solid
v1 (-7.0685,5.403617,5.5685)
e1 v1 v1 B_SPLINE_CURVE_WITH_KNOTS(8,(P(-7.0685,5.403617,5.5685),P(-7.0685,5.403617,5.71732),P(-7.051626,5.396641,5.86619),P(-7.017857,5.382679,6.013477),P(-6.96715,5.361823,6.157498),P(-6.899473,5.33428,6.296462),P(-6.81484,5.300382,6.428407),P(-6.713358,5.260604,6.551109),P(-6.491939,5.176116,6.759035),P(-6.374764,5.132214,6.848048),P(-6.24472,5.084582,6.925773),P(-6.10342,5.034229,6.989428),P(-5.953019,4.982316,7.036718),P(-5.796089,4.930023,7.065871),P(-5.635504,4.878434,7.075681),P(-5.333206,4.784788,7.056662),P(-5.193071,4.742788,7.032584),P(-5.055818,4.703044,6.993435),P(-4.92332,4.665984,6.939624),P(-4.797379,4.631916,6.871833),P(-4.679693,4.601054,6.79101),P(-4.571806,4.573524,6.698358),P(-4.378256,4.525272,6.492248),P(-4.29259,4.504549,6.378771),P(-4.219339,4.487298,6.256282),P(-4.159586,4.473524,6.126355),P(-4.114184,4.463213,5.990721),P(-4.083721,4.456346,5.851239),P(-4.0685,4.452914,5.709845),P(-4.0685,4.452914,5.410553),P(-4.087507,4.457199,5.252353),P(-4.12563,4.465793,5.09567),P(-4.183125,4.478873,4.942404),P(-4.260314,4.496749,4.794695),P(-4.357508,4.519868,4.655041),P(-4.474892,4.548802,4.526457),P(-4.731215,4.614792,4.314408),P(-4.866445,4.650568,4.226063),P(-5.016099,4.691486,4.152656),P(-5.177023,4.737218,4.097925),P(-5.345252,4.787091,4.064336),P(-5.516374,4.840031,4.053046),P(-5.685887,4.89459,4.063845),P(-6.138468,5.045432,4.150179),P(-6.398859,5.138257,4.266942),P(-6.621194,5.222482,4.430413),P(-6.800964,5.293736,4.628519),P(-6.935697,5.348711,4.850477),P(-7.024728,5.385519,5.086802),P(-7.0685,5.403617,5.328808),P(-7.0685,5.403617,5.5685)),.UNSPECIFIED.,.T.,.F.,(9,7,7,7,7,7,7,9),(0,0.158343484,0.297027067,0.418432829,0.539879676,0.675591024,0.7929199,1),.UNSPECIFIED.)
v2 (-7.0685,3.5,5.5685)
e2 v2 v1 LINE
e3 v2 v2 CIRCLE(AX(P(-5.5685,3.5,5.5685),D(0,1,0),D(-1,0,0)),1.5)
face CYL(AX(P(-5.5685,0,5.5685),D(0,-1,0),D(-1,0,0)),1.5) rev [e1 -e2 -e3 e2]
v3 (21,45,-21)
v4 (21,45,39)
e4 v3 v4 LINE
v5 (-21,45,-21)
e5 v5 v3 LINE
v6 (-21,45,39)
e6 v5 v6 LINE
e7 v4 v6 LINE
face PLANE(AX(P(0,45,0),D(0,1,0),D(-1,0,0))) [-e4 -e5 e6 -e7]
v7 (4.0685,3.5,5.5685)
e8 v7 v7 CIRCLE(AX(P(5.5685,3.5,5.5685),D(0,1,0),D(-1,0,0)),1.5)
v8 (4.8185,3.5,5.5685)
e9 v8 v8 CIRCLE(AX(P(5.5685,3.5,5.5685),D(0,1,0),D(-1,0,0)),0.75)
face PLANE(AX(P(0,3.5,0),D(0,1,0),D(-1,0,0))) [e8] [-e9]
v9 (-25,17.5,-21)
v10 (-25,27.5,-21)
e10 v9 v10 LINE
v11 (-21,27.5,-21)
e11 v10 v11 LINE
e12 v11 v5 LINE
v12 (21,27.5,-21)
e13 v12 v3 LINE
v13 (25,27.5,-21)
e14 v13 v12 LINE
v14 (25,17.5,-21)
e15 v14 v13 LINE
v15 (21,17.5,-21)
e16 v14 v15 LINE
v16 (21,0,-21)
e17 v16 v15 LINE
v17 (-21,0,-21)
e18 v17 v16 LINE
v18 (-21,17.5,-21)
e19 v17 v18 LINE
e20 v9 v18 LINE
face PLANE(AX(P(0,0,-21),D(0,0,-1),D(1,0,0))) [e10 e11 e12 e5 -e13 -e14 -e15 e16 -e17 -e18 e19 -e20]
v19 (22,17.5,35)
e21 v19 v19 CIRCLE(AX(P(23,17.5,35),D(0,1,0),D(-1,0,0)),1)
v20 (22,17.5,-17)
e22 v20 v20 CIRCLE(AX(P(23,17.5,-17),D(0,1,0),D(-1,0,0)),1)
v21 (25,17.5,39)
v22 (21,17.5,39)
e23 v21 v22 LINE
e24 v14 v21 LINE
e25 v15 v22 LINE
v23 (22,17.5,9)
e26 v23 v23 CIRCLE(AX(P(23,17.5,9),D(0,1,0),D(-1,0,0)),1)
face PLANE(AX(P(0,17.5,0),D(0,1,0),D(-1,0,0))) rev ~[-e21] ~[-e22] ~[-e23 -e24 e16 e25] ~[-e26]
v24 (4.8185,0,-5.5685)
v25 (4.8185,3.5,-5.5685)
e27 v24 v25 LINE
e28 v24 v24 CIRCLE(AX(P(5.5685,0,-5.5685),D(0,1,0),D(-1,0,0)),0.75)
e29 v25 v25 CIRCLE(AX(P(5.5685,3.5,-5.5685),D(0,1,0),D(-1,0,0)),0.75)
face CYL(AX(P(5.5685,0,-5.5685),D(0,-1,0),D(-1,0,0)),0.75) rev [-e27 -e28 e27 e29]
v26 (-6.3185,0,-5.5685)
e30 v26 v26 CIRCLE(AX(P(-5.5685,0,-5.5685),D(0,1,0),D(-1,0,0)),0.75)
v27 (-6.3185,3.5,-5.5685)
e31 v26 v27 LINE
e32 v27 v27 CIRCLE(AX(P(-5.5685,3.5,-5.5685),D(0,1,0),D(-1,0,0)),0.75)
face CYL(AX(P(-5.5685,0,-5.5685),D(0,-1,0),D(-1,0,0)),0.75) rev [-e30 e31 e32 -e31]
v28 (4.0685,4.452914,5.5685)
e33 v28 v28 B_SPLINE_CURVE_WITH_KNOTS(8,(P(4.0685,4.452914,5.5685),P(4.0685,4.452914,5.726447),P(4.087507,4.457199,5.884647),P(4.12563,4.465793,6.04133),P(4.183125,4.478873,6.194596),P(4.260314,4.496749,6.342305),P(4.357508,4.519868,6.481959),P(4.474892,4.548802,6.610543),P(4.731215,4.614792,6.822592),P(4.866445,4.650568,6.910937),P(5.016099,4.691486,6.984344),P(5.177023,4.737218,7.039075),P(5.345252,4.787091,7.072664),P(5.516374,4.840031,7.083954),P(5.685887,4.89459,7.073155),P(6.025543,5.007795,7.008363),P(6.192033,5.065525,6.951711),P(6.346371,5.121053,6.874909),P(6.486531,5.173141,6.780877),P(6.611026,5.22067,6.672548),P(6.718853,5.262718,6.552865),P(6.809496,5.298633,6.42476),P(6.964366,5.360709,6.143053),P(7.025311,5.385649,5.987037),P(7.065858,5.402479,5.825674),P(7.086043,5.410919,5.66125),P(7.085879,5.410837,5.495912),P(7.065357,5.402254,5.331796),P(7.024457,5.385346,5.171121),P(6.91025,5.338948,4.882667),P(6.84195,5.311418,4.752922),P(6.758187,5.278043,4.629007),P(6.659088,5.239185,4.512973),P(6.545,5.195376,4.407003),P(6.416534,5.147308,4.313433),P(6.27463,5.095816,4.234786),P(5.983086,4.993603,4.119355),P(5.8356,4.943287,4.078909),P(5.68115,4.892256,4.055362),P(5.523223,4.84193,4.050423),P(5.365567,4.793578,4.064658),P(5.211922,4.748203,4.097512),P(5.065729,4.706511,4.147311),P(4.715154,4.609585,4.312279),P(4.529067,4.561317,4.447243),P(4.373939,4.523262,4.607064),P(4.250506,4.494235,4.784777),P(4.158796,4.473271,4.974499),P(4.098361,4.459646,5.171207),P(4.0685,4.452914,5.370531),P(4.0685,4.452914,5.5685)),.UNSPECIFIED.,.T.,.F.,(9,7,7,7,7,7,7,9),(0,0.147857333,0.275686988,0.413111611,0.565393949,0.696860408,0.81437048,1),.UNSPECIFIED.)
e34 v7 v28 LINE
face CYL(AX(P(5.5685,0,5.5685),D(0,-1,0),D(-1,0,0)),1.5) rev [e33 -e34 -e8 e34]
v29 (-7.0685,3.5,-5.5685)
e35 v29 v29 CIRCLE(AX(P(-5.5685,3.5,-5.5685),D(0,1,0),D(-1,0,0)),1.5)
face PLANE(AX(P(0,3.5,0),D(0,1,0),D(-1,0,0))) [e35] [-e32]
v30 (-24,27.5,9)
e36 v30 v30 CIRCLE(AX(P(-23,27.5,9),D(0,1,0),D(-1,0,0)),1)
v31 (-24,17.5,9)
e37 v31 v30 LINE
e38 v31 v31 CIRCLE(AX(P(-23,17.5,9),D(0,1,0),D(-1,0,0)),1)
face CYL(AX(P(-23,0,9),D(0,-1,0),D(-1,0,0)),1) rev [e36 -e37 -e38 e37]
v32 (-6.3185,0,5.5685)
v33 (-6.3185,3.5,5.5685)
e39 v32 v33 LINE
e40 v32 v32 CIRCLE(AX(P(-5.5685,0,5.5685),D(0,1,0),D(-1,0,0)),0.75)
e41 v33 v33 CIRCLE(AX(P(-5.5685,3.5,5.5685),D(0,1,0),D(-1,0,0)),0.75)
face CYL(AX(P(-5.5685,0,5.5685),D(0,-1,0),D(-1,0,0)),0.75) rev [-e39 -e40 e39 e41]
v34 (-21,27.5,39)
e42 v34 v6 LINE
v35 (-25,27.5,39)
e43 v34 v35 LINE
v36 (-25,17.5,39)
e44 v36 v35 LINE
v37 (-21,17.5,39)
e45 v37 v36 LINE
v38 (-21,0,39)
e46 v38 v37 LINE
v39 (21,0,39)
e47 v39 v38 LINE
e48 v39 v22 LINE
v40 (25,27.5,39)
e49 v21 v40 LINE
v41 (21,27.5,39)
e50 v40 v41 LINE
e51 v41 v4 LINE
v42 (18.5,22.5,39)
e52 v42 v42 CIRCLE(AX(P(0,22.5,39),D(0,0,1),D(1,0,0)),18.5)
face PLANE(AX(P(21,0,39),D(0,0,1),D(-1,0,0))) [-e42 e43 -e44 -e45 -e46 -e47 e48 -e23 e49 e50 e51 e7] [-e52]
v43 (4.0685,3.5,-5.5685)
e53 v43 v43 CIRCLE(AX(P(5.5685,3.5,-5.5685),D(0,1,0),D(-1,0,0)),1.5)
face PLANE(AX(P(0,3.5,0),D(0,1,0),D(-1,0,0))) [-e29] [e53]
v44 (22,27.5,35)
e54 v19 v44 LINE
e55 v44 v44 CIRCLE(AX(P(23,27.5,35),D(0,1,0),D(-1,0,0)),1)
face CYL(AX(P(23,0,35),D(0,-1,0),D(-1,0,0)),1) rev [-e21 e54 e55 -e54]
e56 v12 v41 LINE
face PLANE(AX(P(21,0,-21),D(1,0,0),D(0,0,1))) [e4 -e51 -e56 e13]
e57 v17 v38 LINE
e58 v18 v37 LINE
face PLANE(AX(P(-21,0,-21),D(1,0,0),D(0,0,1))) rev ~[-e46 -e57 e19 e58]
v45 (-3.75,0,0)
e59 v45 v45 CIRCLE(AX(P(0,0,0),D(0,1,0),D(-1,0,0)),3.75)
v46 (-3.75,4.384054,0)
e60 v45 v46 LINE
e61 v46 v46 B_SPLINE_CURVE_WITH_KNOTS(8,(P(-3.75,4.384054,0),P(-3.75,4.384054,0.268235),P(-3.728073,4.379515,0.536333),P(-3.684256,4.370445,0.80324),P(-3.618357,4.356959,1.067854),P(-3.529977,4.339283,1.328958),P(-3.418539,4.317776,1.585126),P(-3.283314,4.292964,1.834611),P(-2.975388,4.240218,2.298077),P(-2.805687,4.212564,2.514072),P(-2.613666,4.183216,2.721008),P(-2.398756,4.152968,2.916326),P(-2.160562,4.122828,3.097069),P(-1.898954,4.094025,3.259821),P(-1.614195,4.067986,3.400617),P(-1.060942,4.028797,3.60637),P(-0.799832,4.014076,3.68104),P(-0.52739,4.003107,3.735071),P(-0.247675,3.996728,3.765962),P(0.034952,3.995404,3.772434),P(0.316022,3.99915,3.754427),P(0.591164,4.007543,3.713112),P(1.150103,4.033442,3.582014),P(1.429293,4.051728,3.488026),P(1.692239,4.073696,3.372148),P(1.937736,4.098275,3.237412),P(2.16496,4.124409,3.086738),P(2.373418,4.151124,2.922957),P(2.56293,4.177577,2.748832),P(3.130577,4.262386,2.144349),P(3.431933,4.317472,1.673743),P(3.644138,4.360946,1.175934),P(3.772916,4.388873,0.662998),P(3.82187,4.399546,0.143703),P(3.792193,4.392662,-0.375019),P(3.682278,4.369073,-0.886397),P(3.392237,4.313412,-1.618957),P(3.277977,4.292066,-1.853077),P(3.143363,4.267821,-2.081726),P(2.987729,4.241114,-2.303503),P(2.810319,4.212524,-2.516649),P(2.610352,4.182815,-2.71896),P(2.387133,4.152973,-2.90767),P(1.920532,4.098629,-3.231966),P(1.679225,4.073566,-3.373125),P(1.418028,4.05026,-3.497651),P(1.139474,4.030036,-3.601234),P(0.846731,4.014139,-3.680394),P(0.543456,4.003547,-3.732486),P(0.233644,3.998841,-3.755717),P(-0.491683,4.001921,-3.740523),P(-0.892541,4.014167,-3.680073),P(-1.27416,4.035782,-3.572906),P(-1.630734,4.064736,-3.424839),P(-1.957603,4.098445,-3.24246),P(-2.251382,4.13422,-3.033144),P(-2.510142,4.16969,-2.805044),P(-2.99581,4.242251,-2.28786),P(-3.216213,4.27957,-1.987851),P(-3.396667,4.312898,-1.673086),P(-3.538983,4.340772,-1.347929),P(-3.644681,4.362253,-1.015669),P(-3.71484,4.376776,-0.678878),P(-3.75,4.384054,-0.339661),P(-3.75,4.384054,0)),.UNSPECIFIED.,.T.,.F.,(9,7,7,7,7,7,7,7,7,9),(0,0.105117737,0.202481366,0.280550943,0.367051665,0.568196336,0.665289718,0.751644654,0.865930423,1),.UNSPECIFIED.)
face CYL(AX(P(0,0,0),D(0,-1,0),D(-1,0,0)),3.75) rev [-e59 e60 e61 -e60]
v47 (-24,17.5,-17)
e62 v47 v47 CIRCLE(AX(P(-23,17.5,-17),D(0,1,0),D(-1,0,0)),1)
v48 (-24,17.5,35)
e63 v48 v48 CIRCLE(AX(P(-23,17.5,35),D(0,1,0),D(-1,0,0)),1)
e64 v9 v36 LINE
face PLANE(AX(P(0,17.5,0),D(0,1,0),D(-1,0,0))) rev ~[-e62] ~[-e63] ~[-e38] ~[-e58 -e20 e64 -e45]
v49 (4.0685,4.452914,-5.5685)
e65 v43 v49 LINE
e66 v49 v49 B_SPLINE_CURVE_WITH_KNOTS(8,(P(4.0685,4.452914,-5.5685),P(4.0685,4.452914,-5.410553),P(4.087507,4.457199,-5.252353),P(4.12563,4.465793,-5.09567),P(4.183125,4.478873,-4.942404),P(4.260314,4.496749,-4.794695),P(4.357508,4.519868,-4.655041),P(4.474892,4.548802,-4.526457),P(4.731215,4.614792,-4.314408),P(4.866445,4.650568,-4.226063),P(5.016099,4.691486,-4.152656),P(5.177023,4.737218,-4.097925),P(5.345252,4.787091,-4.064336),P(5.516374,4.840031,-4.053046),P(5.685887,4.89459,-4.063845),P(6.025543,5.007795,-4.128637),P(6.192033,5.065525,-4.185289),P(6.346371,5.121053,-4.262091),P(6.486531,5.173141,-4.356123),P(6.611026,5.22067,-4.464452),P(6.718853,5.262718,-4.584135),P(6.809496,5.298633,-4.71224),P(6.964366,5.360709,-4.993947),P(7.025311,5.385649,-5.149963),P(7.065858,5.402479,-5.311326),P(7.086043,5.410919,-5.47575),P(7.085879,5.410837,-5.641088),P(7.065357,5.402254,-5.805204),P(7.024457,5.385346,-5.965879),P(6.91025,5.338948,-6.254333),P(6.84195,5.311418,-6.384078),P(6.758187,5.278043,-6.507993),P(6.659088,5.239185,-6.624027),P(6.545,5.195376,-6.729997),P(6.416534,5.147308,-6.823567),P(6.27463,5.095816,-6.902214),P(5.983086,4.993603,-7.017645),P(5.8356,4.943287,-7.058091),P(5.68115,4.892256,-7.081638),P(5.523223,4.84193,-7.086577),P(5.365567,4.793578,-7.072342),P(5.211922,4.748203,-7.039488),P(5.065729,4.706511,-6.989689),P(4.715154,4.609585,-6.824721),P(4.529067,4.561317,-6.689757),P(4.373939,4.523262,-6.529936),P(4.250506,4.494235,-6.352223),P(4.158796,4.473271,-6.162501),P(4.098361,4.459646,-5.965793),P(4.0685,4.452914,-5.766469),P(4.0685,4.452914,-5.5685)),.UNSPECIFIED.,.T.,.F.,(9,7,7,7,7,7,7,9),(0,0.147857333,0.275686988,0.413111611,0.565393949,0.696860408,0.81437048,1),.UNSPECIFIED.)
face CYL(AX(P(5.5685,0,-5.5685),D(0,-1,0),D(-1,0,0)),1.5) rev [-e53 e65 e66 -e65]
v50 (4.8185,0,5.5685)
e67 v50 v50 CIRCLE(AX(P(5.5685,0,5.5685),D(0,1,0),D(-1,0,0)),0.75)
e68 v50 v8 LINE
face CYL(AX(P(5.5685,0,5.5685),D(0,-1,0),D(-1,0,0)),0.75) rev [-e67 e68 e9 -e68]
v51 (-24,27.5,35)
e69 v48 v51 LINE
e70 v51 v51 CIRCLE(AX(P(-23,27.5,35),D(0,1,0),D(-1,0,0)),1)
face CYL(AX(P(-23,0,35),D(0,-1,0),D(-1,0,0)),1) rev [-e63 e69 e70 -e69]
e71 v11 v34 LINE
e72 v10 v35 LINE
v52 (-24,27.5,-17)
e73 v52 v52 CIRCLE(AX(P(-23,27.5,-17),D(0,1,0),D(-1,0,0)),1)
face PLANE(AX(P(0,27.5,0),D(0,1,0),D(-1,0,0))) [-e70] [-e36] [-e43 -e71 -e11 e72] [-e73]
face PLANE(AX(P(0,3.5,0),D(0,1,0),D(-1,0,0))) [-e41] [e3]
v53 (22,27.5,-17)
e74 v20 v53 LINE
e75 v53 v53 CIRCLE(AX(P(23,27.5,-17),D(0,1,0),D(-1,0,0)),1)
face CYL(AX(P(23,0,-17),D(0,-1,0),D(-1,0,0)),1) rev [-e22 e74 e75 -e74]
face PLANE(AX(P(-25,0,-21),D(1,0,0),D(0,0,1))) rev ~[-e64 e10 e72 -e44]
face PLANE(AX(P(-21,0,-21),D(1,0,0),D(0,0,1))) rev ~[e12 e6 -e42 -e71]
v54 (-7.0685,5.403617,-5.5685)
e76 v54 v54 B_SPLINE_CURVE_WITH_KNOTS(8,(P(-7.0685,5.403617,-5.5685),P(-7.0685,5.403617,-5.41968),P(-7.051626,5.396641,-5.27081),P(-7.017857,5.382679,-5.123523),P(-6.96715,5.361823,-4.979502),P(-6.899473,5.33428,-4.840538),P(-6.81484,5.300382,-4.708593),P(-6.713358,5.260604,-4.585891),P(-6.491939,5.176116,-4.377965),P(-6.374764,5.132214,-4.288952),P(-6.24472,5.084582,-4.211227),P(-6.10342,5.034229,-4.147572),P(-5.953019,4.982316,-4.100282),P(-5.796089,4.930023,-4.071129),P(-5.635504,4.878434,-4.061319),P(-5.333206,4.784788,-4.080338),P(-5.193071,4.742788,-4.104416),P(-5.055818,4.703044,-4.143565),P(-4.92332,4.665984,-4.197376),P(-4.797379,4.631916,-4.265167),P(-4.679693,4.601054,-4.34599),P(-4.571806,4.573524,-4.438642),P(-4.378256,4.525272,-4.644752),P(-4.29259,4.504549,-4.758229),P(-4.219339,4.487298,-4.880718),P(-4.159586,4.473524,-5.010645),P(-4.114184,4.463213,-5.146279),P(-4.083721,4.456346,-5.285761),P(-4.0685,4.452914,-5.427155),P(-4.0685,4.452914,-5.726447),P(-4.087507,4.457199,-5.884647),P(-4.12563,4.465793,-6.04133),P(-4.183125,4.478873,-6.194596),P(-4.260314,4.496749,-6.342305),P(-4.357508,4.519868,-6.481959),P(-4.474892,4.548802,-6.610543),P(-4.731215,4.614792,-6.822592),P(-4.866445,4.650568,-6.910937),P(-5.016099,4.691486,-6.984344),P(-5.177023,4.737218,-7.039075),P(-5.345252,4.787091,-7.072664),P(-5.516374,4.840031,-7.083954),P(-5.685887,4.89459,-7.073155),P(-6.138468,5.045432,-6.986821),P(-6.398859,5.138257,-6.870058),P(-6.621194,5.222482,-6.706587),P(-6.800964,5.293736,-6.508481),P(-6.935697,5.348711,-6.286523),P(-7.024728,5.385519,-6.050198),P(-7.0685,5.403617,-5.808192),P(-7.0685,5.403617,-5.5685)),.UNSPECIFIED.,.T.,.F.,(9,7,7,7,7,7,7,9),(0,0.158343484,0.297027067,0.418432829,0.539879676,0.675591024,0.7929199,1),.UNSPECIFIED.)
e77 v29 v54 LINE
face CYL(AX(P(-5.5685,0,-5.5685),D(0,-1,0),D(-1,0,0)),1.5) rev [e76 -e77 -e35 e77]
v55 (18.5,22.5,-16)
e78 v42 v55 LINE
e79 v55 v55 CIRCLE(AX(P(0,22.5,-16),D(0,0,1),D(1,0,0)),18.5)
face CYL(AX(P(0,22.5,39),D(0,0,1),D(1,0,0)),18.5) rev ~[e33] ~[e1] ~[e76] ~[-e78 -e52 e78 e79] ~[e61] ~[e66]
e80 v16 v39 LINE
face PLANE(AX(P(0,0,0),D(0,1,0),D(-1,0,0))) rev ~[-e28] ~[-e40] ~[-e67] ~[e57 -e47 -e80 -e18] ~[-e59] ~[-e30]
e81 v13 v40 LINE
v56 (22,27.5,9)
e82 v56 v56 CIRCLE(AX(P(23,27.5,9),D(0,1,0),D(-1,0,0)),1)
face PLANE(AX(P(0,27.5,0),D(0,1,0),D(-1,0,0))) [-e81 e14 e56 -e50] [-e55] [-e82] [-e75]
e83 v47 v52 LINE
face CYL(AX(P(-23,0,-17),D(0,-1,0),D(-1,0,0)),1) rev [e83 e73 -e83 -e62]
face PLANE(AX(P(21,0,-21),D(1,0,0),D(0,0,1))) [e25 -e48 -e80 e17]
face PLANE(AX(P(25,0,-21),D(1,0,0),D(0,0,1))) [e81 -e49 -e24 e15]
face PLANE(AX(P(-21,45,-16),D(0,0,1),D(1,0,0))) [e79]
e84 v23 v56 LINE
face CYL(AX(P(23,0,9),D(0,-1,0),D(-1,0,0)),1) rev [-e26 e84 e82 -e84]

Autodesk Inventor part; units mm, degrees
ref_plane "YZ Plane" through (0, 0, 0) normal (1, 0, 0) x (0, 1, 0)
ref_plane "XZ Plane" through (0, 0, 0) normal (0, 1, 0) x (-1, 0, 0)
ref_plane "XY Plane" through (0, 0, 0) normal (0, 0, 1) x (1, 0, 0)
sketch "Sketch1" plane through (0, 0, 0) normal (0, 1, 0) x (-1, 0, 0)
  circle A0 centre (0, 0) radius 11 construction
  circle A1 centre (0, 0) radius 3.75
  circle A2 centre (0, 0) radius 7.875 construction
  line L0 (16.292, 0) -> (-19, 0) construction
  line L1 (0, 21) -> (0, -27.3544) construction
  line L2 (0, -21) -> (21, -21)
  line L3 (0, -21) -> (-21, -21)
  line L4 (0, 0) -> (21, -21) construction
  circle A3 centre (5.5685, -5.5685) radius 0.75
  circle A4 centre (-5.5685, -5.5685) radius 0.75
  circle A5 centre (5.5685, 5.5685) radius 0.75
  circle A6 centre (-5.5685, 5.5685) radius 0.75
  line L5 (-25, -21) -> (-21, -21)
  line L6 (25, -21) -> (21, -21)
  circle A7 centre (23, -17) radius 1
  circle A8 centre (-23, -17) radius 1
  line L7 (-25, 39) -> (25, 39)
  line L8 (25, -21) -> (25, 39)
  line L9 (21, -21) -> (21, 39)
  line L10 (-21, -21) -> (-21, 39)
  line L11 (-25, -21) -> (-25, 39)
  line L12 (25, 9) -> (-25, 9) construction
  circle A9 centre (23, 35) radius 1
  circle A10 centre (-23, 35) radius 1
  circle A11 centre (23, 9) radius 1
  circle A12 centre (-23, 9) radius 1
  circle A13 centre (5.5685, 5.5685) radius 1.5
  circle A14 centre (5.5685, -5.5685) radius 1.5
  circle A15 centre (-5.5685, 5.5685) radius 1.5
  circle A16 centre (-5.5685, -5.5685) radius 1.5
  dimension "d8" = 15.75
  dimension "d2" = 7.5
  dimension "d4" = 22
  dimension "d17" = 21
  dimension "d26" = 1.5
  dimension "d38" = 60
  dimension "d39" = 21
  dimension "d40" = 2
  dimension "d41" = 2
  dimension "d53" = 3
extrude "Extrusion9" add sketch "Sketch1" along normal blind 45 contours A1 | L3 L10 L7 L9 L2 | A3 | A4 | A5 | A6 | A13 | A14 | A15 | A16
extrude "Extrusion10" add sketch "Sketch1" along normal blind 27.5 contours L9 L7 L8 L6 | L5 L11 L7 L10
extrude "Extrusion11" cut sketch "Sketch1" along normal blind 17.5 contours L9 L7 L8 L6 | L5 L11 L7 L10
extrude "Extrusion13" cut sketch "Sketch1" along normal blind 6 contours A1 | A3 | A4 | A5 | A6 | A13 | A14 | A15 | A16
extrude "Extrusion15" add sketch "Sketch1" along normal blind 3.5 contours A13 | A14 | A15 | A16
sketch "Sketch5" plane through (-21, 45, 39) normal (0, 0, 1) x (1, 0, 0)
  line L0 (0, -45) -> (42, -45) construction
  line L1 (0, -17.5) -> (0, 0) construction
  line L2 (42, -45) -> (0, -45) construction
  line L3 (0, -45) -> (0, 0) construction
  line L4 (0, 0) -> (42, 0) construction
  line L5 (42, 0) -> (42, -45) construction
  line L6 (42, 0) -> (0, -45) construction
  line L7 (0, 0) -> (42, 0) construction
  line L8 (0, 0) -> (42, -45) construction
  circle A0 centre (21, -22.5) radius 18.5
  point P0 (21, -45)
  dimension "d58" = 37
extrude "Extrusion16" cut sketch "Sketch5" against normal blind 55
equation "\"d41\" = d40"
properties part number "engine_connector_sleeve"
